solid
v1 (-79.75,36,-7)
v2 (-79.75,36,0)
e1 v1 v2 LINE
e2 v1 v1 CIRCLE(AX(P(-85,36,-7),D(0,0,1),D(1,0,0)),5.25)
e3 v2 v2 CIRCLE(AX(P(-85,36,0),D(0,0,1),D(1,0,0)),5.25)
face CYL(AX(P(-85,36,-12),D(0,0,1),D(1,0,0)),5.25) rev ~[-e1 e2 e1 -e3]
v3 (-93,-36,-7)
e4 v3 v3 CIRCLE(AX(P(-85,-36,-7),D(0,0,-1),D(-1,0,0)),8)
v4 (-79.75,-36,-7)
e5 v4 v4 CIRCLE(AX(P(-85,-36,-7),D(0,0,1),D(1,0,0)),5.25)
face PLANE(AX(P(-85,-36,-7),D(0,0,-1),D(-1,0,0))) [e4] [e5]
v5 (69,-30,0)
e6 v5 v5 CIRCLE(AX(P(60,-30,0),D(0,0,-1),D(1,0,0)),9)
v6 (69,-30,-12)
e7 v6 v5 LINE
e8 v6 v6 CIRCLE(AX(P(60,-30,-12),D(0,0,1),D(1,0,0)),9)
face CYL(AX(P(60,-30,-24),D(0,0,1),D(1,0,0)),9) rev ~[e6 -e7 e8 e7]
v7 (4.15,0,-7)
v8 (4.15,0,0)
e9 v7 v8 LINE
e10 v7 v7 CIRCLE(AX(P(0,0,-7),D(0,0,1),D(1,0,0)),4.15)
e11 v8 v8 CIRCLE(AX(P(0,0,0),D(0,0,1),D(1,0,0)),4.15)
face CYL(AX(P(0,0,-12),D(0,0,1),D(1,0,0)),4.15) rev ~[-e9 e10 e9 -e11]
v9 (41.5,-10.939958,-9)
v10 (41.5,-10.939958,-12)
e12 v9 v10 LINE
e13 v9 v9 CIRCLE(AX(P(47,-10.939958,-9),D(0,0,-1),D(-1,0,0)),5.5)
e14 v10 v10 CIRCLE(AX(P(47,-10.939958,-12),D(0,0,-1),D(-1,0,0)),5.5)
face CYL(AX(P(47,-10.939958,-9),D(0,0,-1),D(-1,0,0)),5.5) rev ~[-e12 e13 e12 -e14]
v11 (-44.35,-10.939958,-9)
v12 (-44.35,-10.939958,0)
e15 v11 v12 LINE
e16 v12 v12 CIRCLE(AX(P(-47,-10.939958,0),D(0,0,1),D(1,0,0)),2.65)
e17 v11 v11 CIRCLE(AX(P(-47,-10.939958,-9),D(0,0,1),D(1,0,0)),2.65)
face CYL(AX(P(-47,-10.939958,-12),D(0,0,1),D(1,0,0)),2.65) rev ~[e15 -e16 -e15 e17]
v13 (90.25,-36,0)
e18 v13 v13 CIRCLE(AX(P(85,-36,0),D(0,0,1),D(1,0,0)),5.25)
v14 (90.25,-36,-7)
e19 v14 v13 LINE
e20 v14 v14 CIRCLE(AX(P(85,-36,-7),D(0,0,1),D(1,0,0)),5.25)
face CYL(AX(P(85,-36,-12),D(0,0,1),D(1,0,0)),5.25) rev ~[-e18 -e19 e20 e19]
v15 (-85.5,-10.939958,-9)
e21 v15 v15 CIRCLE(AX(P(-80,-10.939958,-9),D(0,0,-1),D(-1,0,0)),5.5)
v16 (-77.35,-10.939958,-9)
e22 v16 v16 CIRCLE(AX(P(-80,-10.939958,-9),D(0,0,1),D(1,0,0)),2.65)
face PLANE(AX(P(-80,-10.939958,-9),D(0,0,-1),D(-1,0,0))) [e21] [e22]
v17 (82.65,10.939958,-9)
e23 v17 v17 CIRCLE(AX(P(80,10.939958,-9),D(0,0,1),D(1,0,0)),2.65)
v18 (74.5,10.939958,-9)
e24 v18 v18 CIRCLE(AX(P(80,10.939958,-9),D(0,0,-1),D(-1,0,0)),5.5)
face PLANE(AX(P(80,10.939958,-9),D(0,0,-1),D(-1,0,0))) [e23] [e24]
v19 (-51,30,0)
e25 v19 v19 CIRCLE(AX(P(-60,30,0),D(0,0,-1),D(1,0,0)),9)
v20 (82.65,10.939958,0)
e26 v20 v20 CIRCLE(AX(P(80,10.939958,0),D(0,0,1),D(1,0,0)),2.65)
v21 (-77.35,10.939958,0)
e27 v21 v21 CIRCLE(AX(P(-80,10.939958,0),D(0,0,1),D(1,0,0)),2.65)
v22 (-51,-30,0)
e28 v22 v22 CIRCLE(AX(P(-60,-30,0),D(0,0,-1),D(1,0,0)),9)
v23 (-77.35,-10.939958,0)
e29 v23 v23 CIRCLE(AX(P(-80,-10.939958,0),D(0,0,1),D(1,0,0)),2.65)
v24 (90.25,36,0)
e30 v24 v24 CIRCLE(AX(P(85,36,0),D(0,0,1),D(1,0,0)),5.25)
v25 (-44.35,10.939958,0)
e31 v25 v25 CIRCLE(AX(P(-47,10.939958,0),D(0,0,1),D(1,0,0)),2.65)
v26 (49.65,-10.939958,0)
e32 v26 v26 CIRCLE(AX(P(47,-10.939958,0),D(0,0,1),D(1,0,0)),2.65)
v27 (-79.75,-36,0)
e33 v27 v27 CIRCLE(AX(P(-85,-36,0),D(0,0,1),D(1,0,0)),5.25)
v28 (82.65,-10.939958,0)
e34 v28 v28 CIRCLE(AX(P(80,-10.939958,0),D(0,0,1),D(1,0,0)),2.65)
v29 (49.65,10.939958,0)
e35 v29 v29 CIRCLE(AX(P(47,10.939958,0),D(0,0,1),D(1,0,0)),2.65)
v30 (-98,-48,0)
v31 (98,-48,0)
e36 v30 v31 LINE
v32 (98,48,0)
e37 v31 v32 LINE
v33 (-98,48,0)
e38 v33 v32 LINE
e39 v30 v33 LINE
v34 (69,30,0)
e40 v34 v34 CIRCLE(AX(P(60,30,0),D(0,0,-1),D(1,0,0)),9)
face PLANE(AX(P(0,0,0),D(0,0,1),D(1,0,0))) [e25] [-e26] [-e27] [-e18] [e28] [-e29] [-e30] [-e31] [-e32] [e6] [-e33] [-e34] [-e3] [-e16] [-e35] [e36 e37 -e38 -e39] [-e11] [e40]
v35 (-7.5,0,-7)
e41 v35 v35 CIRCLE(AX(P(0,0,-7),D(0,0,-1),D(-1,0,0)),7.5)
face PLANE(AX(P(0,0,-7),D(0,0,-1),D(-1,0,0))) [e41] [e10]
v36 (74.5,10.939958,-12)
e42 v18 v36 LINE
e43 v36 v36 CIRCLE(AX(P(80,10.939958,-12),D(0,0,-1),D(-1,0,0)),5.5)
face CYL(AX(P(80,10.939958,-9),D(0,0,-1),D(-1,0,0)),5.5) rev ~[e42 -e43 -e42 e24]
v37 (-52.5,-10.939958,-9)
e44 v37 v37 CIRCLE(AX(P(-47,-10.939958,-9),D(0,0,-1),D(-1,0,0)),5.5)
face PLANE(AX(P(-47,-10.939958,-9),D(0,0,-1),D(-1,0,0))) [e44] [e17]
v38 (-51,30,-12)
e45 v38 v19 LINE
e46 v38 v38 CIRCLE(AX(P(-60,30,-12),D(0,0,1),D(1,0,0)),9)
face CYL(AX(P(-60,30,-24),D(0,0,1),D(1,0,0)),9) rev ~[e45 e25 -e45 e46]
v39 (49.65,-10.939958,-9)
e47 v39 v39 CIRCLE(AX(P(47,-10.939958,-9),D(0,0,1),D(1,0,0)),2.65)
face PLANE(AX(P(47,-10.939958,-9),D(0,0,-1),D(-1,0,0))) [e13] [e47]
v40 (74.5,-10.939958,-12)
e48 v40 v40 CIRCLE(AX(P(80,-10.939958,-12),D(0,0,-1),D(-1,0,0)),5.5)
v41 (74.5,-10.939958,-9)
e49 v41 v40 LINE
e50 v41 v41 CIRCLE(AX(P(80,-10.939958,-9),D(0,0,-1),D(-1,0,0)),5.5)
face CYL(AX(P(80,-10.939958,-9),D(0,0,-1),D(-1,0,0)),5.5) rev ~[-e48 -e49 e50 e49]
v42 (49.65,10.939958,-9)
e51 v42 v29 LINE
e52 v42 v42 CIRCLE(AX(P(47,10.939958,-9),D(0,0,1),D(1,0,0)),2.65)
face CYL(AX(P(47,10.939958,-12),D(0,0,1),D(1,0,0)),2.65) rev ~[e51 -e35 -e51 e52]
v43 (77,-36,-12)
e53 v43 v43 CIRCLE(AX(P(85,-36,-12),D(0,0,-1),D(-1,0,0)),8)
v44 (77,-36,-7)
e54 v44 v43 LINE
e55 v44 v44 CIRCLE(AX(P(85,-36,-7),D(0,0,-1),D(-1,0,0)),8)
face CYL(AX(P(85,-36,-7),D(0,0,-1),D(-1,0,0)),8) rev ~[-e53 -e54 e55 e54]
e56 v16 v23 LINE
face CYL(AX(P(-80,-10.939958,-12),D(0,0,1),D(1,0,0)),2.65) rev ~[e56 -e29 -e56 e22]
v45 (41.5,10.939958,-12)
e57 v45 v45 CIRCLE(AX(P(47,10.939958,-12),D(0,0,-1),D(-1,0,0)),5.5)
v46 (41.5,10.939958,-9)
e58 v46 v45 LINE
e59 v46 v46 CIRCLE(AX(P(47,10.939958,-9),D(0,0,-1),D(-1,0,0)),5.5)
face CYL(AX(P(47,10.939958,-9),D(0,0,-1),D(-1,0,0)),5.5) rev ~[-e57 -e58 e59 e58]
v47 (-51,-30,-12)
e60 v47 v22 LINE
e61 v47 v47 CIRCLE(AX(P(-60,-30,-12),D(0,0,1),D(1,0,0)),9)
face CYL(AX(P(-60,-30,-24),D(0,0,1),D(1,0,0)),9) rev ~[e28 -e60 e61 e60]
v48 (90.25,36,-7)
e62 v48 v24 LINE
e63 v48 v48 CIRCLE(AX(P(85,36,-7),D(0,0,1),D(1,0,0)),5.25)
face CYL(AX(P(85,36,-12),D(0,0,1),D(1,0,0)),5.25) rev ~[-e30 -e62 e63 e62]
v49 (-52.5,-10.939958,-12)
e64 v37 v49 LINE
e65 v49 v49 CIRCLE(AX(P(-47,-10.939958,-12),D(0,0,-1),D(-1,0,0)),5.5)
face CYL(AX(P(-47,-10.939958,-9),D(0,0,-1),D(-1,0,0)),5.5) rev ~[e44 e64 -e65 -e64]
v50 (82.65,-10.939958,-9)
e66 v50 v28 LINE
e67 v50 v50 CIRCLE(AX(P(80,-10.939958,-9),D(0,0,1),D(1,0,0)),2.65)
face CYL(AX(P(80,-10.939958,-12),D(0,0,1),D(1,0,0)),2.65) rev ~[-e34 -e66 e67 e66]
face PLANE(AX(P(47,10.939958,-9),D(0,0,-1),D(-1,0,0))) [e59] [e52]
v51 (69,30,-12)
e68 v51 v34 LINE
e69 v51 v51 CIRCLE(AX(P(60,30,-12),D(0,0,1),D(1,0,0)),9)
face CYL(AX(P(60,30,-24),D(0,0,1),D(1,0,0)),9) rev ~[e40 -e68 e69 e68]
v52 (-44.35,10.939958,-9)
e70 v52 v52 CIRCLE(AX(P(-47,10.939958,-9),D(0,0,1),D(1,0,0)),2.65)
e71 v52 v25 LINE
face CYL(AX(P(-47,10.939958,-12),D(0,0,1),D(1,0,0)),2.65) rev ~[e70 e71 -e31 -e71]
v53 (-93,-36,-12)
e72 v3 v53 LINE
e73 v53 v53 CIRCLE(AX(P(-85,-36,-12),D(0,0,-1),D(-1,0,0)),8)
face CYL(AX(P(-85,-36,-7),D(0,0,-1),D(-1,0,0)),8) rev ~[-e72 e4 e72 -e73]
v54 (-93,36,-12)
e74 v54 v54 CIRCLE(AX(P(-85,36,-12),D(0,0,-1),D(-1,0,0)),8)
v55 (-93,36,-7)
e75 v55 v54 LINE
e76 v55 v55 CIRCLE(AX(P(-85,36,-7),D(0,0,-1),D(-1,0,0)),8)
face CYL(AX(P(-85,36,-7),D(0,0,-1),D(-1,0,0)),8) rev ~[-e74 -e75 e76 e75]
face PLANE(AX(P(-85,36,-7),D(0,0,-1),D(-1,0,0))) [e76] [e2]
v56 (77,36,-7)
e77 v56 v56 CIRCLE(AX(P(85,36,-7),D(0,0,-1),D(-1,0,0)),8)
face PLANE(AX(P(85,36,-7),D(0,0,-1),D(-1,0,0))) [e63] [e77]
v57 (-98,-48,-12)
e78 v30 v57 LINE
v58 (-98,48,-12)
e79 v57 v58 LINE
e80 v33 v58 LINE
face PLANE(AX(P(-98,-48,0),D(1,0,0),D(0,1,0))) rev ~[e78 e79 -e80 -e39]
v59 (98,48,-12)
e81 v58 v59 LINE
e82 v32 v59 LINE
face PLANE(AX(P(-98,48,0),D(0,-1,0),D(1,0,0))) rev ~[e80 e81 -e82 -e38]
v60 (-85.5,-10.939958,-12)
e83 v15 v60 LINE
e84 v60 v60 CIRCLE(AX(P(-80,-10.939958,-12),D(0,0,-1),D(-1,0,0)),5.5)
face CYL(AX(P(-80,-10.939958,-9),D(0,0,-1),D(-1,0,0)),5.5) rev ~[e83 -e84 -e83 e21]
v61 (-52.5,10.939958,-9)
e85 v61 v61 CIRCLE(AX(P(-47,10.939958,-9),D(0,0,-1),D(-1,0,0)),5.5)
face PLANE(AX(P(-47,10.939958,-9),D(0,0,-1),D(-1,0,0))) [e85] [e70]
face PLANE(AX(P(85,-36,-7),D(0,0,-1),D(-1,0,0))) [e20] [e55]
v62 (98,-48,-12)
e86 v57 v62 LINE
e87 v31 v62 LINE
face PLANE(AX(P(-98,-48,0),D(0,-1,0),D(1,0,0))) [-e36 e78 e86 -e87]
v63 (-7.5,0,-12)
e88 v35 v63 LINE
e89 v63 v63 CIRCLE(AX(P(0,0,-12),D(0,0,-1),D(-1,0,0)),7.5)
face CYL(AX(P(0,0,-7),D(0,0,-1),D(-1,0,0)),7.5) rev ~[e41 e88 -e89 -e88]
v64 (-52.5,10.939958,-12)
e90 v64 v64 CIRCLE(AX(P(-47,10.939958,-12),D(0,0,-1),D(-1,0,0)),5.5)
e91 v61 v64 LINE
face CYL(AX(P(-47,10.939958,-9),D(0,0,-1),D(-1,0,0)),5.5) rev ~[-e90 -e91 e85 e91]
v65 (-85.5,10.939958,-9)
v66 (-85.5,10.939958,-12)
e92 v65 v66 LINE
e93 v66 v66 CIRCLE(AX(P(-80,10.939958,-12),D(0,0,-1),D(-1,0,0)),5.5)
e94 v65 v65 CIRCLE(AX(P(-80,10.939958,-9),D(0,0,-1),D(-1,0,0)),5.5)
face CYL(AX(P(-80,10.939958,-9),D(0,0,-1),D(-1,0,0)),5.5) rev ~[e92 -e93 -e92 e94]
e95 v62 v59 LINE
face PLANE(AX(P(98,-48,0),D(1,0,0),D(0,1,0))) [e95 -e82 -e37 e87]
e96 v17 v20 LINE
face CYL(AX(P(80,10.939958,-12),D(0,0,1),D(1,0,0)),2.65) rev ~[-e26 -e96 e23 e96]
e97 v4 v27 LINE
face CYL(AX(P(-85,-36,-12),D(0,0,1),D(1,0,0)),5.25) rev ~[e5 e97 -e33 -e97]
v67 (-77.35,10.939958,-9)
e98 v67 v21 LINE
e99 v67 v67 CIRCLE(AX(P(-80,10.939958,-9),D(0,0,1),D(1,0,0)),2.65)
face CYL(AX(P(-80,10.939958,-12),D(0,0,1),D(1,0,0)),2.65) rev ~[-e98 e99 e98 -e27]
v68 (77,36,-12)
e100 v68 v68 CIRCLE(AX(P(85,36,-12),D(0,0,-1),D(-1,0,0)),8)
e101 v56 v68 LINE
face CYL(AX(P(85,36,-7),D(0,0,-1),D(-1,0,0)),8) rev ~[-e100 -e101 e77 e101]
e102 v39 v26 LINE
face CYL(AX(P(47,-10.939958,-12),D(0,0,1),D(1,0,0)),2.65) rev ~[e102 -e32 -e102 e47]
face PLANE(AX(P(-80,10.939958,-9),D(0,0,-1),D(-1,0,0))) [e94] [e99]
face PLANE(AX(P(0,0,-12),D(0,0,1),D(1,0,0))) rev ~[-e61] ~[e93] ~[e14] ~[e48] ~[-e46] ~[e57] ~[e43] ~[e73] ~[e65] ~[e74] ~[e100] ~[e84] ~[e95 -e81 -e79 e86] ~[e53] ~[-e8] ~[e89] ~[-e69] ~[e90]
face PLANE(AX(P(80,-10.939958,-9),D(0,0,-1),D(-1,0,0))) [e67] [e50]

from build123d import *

# Parameters (mm, degrees)
SKETCH1_W                              = 196
SKETCH1_H                              = 96
EXTRUDE1_DEPTH                         = 12
CBORE_FOR_10_MM_CORE_PINS1_D           = 10.5
CBORE_FOR_10_MM_CORE_PINS1_CBORE_D     = 16
CBORE_FOR_10_MM_CORE_PINS1_CBORE_DEPTH = 5
CBORE_FOR_5_MM_CORE_PINS1_D            = 5.3
CBORE_FOR_5_MM_CORE_PINS1_CBORE_D      = 11
CBORE_FOR_5_MM_CORE_PINS1_CBORE_DEPTH  = 3
CBORE_FOR_8_MM_CORE_PINS1_D            = 8.3
CBORE_FOR_8_MM_CORE_PINS1_CBORE_D      = 15
CBORE_FOR_8_MM_CORE_PINS1_CBORE_DEPTH  = 5
F_20_0_20_DIAMETER_HOLE1_D             = 18
F_20_0_20_DIAMETER_HOLE1_DEPTH         = 12
F_20_0_20_DIAMETER_HOLE1_TIP           = 5.407745571


with BuildPart() as part:
    # Sketch1 → Extrude1 (new body)
    with BuildSketch(Plane.XY):
        Rectangle(SKETCH1_W, SKETCH1_H)
    extrude(amount=-EXTRUDE1_DEPTH)

    # CBORE for 10 mm Core Pins1 (through all)
    with Locations(Plane(origin=(0, 0, -12), x_dir=(-1, 0, 0), z_dir=(0, 0, -1))):
        with Locations((-85, 36), (85, 36), (85, -36), (-85, -36)):
            CounterBoreHole(CBORE_FOR_10_MM_CORE_PINS1_D / 2, CBORE_FOR_10_MM_CORE_PINS1_CBORE_D / 2, CBORE_FOR_10_MM_CORE_PINS1_CBORE_DEPTH)

    # CBORE for 5 mm Core Pins1 (through all)
    with Locations(Plane(origin=(0, 0, -12), x_dir=(-1, 0, 0), z_dir=(0, 0, -1))):
        with Locations((47, 10.939957651), (80, 10.939957651), (80, -10.939957651), (47, -10.939957651), (-47, 10.939957651), (-47, -10.939957651), (-80, 10.939957651), (-80, -10.939957651)):
            CounterBoreHole(CBORE_FOR_5_MM_CORE_PINS1_D / 2, CBORE_FOR_5_MM_CORE_PINS1_CBORE_D / 2, CBORE_FOR_5_MM_CORE_PINS1_CBORE_DEPTH)

    # CBORE for 8 mm Core Pins1 (through all)
    with Locations(Plane(origin=(0, 0, -12), x_dir=(-1, 0, 0), z_dir=(0, 0, -1))):
        with Locations((0, 0)):
            CounterBoreHole(CBORE_FOR_8_MM_CORE_PINS1_D / 2, CBORE_FOR_8_MM_CORE_PINS1_CBORE_D / 2, CBORE_FOR_8_MM_CORE_PINS1_CBORE_DEPTH)

    # Ø20.0 (20) Diameter Hole1
    with Locations(Plane(origin=(0, 0, -12), x_dir=(-1, 0, 0), z_dir=(0, 0, -1))):
        with Locations((-60, 30), (60, 30), (60, -30), (-60, -30)):
            Hole(F_20_0_20_DIAMETER_HOLE1_D / 2, depth=F_20_0_20_DIAMETER_HOLE1_DEPTH)
            with Locations((0, 0, -(F_20_0_20_DIAMETER_HOLE1_DEPTH + F_20_0_20_DIAMETER_HOLE1_TIP / 2))):  # 118° drill point
                Cone(0, F_20_0_20_DIAMETER_HOLE1_D / 2, F_20_0_20_DIAMETER_HOLE1_TIP, mode=Mode.SUBTRACT)


solid = part.part
